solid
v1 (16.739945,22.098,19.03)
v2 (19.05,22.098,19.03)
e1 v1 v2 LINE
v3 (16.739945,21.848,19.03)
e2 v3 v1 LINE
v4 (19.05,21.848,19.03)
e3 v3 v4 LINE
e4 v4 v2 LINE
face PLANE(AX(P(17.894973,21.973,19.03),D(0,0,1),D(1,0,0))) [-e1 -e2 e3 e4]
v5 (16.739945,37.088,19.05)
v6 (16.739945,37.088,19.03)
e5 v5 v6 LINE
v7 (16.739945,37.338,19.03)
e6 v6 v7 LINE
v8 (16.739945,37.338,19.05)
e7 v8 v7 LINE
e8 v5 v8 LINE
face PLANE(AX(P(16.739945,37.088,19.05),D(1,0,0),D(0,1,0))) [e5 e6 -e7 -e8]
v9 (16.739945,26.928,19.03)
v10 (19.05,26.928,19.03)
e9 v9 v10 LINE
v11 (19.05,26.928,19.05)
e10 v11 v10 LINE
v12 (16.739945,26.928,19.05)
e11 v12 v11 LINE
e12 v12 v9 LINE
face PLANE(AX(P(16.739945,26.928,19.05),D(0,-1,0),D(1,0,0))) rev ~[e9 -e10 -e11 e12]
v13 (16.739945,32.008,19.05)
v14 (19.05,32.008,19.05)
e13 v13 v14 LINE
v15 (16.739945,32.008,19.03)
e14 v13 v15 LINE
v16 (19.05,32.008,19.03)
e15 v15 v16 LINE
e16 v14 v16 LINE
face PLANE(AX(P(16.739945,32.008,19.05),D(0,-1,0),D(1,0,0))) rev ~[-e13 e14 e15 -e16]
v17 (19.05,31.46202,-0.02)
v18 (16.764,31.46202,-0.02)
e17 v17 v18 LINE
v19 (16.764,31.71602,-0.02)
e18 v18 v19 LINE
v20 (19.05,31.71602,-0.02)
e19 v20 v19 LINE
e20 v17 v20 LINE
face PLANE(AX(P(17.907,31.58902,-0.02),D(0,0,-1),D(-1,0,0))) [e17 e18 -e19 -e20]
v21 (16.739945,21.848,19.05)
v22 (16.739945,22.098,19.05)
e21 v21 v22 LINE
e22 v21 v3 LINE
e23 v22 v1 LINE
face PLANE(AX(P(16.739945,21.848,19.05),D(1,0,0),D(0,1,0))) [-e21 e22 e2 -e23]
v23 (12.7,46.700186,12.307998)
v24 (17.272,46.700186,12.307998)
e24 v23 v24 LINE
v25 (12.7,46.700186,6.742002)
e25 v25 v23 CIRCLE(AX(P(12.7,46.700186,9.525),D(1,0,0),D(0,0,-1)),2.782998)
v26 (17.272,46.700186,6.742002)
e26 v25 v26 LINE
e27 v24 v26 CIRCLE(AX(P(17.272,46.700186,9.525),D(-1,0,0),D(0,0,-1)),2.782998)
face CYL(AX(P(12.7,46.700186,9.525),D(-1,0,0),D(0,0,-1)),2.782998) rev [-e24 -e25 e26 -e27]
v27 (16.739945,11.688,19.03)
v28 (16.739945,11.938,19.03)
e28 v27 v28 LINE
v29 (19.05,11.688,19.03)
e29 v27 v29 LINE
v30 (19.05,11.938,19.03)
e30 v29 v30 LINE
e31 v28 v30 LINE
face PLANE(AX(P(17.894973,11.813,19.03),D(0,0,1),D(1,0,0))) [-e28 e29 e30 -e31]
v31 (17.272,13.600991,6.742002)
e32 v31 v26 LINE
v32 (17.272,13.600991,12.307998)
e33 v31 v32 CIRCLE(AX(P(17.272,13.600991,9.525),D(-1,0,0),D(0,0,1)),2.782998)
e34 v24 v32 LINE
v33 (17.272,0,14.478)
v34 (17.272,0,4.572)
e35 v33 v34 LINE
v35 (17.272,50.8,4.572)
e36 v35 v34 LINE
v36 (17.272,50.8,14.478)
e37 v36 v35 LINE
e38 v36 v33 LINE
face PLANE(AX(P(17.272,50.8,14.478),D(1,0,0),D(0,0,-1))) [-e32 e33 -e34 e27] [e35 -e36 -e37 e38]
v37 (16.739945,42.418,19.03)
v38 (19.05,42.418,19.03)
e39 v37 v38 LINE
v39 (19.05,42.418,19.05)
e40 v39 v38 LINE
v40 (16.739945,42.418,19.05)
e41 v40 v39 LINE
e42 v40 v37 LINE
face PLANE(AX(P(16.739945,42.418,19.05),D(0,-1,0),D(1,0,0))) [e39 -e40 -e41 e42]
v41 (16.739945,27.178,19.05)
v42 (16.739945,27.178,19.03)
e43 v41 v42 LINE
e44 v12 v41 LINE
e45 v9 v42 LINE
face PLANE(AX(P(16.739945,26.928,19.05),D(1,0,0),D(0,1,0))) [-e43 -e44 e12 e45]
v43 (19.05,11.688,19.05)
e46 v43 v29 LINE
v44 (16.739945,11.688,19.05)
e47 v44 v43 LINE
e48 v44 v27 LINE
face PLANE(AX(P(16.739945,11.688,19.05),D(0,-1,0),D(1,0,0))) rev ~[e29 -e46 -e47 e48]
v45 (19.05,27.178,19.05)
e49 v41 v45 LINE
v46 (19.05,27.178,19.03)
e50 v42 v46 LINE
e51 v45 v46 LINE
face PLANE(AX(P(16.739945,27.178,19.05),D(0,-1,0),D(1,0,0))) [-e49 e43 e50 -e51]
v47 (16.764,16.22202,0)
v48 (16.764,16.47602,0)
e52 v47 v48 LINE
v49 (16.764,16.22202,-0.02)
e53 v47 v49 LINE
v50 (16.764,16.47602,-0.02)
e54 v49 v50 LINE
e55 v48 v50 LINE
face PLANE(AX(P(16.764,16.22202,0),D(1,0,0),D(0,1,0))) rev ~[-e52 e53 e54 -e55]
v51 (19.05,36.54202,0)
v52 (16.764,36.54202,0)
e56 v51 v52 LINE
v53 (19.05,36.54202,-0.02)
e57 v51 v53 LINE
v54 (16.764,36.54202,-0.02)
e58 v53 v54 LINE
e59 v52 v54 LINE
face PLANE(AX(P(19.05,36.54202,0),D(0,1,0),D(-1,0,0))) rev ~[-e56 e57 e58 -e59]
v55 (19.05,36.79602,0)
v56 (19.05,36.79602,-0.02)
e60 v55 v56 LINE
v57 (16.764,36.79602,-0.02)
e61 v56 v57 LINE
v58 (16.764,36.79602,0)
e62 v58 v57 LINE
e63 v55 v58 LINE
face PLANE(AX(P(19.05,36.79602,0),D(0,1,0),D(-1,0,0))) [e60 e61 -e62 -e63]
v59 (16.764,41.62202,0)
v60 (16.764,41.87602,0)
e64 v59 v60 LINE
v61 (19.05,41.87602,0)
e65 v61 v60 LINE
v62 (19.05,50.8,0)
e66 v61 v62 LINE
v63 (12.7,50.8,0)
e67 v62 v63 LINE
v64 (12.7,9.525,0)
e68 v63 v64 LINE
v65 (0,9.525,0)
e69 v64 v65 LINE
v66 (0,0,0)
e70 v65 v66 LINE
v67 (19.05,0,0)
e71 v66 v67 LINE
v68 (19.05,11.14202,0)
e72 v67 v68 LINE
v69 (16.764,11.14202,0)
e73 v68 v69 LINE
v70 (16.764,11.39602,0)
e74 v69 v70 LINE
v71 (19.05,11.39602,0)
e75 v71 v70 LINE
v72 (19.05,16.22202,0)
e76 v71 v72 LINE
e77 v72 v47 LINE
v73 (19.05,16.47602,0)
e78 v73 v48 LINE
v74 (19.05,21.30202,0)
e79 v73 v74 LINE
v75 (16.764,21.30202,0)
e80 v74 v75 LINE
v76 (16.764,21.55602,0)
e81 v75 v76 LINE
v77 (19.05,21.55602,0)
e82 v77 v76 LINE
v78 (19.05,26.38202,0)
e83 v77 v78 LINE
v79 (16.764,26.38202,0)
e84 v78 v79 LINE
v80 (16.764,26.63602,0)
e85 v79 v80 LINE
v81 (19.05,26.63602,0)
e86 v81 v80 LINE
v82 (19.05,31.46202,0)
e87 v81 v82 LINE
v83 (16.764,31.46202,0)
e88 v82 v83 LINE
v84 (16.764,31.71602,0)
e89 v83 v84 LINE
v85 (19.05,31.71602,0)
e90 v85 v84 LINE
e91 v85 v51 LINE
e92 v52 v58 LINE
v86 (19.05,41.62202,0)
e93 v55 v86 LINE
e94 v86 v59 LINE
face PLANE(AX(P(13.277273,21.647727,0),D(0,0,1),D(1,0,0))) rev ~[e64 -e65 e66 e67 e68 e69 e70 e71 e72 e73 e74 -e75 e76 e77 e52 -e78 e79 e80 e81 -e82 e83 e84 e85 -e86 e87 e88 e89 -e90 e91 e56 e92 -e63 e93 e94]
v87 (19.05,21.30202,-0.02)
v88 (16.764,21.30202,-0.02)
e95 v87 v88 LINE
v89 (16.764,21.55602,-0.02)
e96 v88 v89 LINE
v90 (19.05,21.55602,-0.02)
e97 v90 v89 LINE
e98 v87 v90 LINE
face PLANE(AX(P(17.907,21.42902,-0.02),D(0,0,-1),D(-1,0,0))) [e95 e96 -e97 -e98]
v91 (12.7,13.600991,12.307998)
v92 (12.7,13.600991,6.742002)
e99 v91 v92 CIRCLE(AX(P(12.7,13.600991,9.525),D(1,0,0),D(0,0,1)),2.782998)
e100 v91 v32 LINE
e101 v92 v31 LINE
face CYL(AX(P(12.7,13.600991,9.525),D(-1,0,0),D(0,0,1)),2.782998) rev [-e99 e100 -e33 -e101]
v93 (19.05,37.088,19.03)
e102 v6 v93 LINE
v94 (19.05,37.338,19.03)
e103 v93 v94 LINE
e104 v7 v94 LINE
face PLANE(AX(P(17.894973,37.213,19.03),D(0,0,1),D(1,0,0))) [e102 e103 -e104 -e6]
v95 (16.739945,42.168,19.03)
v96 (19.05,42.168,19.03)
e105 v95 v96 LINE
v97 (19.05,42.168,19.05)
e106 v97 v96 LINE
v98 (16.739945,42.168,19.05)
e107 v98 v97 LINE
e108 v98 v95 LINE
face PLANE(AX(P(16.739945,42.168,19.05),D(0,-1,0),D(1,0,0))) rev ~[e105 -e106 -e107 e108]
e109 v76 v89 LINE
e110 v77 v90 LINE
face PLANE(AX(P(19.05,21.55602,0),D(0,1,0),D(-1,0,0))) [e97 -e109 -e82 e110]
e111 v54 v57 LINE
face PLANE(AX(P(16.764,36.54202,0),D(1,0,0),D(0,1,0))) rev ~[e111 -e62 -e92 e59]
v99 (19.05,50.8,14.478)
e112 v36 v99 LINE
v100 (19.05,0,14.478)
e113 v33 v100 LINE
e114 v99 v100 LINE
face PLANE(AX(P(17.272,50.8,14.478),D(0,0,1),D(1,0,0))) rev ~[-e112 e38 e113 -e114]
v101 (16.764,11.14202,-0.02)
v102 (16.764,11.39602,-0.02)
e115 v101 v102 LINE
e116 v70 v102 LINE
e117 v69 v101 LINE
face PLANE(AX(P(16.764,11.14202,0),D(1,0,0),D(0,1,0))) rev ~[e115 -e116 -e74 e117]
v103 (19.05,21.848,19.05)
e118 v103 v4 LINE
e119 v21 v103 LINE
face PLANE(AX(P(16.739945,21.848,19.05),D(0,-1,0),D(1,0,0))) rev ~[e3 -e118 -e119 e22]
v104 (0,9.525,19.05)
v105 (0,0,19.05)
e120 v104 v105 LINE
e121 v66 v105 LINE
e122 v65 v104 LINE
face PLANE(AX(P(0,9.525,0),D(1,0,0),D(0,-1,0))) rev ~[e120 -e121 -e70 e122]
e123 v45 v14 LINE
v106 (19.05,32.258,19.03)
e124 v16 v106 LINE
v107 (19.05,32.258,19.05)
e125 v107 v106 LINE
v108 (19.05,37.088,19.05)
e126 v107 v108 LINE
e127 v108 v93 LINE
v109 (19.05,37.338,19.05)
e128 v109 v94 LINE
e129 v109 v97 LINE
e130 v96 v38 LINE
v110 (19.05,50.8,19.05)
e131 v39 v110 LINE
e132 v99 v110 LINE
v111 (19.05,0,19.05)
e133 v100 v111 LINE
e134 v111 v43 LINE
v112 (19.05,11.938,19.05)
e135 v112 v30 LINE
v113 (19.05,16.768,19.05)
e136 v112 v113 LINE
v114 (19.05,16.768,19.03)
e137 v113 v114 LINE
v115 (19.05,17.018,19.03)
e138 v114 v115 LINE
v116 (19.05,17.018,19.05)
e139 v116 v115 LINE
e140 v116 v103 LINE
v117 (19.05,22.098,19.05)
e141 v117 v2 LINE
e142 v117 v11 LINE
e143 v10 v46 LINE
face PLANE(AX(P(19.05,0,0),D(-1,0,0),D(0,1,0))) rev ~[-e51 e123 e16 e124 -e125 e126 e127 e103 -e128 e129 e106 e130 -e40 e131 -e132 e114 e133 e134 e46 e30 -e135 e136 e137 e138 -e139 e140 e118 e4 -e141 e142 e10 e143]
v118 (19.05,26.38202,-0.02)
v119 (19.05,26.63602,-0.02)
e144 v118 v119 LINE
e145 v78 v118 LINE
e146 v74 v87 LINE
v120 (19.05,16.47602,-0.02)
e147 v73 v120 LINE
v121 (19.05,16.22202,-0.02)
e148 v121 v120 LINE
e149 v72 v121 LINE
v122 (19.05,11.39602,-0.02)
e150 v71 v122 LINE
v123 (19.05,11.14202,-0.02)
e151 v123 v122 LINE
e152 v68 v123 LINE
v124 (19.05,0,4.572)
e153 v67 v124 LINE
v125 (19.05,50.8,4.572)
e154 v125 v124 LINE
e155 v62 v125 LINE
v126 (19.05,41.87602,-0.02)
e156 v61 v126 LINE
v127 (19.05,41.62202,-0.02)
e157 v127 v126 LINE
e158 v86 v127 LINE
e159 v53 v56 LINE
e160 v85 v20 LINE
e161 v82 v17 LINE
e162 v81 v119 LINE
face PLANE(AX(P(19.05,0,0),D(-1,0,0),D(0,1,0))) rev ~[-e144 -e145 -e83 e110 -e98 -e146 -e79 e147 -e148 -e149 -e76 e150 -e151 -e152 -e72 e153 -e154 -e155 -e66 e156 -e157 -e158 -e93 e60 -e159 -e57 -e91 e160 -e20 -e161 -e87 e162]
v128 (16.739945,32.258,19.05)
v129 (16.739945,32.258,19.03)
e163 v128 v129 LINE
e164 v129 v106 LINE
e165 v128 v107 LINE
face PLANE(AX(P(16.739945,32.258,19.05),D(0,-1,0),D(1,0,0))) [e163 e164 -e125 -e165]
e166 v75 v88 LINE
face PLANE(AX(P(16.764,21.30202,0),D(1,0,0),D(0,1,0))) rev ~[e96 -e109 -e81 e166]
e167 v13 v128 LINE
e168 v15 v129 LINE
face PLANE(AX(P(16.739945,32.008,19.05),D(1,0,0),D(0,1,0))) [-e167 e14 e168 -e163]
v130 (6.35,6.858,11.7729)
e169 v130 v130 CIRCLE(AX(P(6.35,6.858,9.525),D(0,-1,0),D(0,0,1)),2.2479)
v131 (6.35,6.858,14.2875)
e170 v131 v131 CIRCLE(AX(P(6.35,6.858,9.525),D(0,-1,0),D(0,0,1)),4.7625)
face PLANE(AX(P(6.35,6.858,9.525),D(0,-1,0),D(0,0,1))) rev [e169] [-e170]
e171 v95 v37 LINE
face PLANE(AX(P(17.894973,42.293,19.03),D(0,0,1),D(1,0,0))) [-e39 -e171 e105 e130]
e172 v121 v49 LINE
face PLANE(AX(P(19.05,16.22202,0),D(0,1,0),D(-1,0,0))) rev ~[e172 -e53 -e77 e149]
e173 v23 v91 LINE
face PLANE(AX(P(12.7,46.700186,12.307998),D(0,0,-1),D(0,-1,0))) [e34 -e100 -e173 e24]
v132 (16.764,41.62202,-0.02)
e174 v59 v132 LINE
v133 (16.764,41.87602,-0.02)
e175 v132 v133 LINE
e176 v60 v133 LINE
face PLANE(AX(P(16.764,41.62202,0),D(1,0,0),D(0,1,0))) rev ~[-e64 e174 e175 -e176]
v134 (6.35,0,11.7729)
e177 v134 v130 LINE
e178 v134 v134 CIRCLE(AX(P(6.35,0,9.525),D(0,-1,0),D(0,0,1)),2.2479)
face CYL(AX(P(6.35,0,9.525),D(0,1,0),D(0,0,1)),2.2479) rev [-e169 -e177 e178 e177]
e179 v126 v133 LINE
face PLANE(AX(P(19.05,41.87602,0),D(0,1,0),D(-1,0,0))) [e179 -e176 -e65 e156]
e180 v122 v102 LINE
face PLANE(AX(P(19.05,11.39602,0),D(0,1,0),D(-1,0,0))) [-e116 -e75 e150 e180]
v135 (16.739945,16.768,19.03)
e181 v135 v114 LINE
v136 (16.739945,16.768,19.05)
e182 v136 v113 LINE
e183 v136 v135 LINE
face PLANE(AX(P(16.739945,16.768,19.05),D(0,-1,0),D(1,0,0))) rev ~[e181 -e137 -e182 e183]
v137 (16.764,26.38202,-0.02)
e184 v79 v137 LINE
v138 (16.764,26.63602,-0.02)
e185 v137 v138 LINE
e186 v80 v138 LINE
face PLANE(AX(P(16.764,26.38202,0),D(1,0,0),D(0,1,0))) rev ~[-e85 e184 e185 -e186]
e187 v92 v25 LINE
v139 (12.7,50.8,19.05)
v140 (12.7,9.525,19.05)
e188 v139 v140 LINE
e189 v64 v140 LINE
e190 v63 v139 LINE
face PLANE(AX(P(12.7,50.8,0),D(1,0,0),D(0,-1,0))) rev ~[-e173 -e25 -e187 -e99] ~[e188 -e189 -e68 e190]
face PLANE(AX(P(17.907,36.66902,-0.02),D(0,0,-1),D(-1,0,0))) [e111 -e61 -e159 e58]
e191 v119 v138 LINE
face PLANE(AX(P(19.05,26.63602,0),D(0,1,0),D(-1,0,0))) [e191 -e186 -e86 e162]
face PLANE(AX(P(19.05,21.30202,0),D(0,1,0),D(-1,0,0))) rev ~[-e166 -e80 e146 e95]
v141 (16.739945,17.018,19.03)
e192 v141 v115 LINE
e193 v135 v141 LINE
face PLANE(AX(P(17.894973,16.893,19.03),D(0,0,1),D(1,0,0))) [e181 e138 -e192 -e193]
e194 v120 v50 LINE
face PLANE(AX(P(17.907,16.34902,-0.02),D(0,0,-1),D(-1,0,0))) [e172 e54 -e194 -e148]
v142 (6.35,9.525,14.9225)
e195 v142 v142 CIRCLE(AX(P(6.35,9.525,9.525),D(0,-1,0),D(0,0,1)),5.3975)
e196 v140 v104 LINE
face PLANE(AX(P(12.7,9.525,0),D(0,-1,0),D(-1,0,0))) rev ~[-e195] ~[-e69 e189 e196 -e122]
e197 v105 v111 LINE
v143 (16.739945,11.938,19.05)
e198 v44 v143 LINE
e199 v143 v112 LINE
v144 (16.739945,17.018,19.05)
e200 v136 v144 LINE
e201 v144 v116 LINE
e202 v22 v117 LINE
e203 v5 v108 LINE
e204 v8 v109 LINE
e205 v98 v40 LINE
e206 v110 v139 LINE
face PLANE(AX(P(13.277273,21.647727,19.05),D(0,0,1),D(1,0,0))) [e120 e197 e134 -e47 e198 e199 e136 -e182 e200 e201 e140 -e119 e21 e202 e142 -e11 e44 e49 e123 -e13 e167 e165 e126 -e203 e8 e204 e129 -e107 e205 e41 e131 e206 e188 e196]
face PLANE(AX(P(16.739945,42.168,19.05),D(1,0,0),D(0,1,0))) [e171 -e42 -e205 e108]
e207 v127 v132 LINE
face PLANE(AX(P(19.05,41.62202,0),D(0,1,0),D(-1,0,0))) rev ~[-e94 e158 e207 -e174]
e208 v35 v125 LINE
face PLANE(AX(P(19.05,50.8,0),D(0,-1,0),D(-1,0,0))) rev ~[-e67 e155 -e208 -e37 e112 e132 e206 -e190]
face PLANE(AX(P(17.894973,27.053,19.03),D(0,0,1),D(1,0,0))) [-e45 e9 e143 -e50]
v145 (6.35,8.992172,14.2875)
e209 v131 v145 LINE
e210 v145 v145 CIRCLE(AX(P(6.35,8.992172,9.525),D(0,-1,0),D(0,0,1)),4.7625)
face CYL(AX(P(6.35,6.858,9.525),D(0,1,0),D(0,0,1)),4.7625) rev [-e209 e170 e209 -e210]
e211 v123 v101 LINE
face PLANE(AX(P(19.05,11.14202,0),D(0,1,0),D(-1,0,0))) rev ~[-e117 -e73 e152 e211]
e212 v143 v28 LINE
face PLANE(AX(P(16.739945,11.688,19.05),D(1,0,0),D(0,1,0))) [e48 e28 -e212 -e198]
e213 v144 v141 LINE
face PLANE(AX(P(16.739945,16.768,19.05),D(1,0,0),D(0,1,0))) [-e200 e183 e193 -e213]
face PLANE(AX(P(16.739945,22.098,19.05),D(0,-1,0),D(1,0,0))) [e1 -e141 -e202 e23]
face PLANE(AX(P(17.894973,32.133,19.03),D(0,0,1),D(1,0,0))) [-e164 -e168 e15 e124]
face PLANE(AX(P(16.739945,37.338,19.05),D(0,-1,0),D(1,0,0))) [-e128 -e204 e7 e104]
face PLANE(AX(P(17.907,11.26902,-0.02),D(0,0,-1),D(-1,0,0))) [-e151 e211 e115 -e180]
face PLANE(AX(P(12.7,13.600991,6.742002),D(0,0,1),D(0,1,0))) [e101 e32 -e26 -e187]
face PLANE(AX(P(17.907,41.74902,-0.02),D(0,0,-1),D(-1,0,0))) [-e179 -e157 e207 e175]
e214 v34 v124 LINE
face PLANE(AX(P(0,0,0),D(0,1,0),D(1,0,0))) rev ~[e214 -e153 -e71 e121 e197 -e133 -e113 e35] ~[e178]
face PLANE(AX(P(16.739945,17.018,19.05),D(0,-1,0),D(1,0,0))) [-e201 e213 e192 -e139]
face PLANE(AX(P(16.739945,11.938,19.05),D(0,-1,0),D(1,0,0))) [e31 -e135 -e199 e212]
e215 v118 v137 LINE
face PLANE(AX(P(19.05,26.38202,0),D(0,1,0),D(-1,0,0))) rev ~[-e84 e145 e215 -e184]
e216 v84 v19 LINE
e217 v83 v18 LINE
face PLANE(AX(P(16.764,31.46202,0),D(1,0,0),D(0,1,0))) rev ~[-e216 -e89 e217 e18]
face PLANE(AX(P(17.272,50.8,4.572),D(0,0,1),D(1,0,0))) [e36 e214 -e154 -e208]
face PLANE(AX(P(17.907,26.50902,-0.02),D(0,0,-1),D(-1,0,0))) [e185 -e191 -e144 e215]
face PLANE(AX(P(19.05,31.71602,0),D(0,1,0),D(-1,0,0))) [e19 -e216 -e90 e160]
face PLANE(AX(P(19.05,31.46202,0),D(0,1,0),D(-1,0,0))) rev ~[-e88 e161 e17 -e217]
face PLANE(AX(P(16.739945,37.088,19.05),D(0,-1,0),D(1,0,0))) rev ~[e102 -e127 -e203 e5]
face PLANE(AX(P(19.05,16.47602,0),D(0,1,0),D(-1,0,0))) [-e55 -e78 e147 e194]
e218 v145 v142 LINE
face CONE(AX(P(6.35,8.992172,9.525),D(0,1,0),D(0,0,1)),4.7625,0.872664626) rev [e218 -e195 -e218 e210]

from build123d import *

# Parameters (mm, degrees)
BOSS_EXTRUDE1_DEPTH = 19.05
CUT_EXTRUDE1_REACH  = 8.35
SKETCH6_W           = 1.778
SKETCH6_H           = 9.906
CUT_EXTRUDE2_DEPTH  = 50.8
SKETCH11_W          = 2.310054712
SKETCH11_H          = 0.25
CUT_EXTRUDE3_DEPTH  = 0.02
LPATTERN1_COUNT     = 7
LPATTERN1_PITCH     = 5.08
SKETCH13_W          = 2.286
SKETCH13_H          = 0.254
BOSS_EXTRUDE2_DEPTH = 0.02
LPATTERN2_COUNT     = 7
LPATTERN2_PITCH     = 5.08


with BuildPart() as part:
    # Sketch1 → Boss-Extrude1 (new body)
    with BuildSketch(Plane.XY):
        Polygon((0, 0), (19.05, 0), (19.05, 50.8), (12.7, 50.8), (12.7, 9.525), (0, 9.525), align=None)
    extrude(amount=BOSS_EXTRUDE1_DEPTH)

    # Sketch4 → Cut-Extrude1 (cut, up to next)
    with BuildSketch(Plane.ZY.offset(-12.7), mode=Mode.PRIVATE) as cut_extrude1_sk1:
        with BuildLine():
            Line((6.742001962, 13.600990631), (6.742001962, 46.700186434))
            ThreePointArc((6.742001962, 46.700186434), (9.525, 49.483184472), (12.307998038, 46.700186434))
            Line((12.307998038, 46.700186434), (12.307998038, 13.600990631))
            ThreePointArc((12.307998038, 13.600990631), (9.525, 10.817992593), (6.742001962, 13.600990631))
        make_face()
    cut_extrude1_tool1 = extrude(cut_extrude1_sk1.sketch, amount=-CUT_EXTRUDE1_REACH, mode=Mode.PRIVATE) & part.part
    add(cut_extrude1_tool1.solids().sort_by_distance((12.7, 30.150589, 9.525))[0], mode=Mode.SUBTRACT)

    # Sketch6 → Cut-Extrude2 (cut)
    with BuildSketch(Plane(origin=(0, 50.8, 0), x_dir=(1, 0, 0), z_dir=(0, 1, 0))):
        with Locations((18.161, -9.525)):
            Rectangle(SKETCH6_W, SKETCH6_H)
    extrude(amount=-CUT_EXTRUDE2_DEPTH, mode=Mode.SUBTRACT)

    # Sketch9 → CBORE for #8 Binding Head Machine Screw1 (revolve, cut)
    with BuildSketch(Plane(origin=(6.35, 9.525, 9.525), x_dir=(0, 0, 1), z_dir=(1, 0, 0))):
        Polygon((0, 0), (0, 9.525), (2.2479, 9.525), (2.2479, 2.667), (4.7625, 2.667), (4.7625, 0.532828266), (5.3975, 0), align=None)
    revolve(axis=Axis((6.35, 15.875, 9.525), (0, -1, 0)), mode=Mode.SUBTRACT)

    # Sketch11 → Cut-Extrude3 (cut)
    with BuildSketch(Plane.XY.offset(19.05)):
        with Locations((17.894972644, 42.293)):
            Rectangle(SKETCH11_W, SKETCH11_H)
    cut_extrude3 = extrude(amount=-CUT_EXTRUDE3_DEPTH, mode=Mode.SUBTRACT)

    # LPattern1: Cut-Extrude3 ×7
    with Locations(*[(0, -i * LPATTERN1_PITCH, 0) for i in range(1, LPATTERN1_COUNT)]):
        add(cut_extrude3, mode=Mode.SUBTRACT)

    # Sketch13 → Boss-Extrude2 (add)
    with BuildSketch(Plane(origin=(0, 0, 0), x_dir=(-1, 0, 0), z_dir=(0, 0, -1))):
        with Locations((-17.907, 41.749020167)):
            Rectangle(SKETCH13_W, SKETCH13_H)
    boss_extrude2 = extrude(amount=BOSS_EXTRUDE2_DEPTH)

    # LPattern2: Boss-Extrude2 ×7
    with Locations(*[(0, -i * LPATTERN2_PITCH, 0) for i in range(1, LPATTERN2_COUNT)]):
        add(boss_extrude2)


solid = part.part
